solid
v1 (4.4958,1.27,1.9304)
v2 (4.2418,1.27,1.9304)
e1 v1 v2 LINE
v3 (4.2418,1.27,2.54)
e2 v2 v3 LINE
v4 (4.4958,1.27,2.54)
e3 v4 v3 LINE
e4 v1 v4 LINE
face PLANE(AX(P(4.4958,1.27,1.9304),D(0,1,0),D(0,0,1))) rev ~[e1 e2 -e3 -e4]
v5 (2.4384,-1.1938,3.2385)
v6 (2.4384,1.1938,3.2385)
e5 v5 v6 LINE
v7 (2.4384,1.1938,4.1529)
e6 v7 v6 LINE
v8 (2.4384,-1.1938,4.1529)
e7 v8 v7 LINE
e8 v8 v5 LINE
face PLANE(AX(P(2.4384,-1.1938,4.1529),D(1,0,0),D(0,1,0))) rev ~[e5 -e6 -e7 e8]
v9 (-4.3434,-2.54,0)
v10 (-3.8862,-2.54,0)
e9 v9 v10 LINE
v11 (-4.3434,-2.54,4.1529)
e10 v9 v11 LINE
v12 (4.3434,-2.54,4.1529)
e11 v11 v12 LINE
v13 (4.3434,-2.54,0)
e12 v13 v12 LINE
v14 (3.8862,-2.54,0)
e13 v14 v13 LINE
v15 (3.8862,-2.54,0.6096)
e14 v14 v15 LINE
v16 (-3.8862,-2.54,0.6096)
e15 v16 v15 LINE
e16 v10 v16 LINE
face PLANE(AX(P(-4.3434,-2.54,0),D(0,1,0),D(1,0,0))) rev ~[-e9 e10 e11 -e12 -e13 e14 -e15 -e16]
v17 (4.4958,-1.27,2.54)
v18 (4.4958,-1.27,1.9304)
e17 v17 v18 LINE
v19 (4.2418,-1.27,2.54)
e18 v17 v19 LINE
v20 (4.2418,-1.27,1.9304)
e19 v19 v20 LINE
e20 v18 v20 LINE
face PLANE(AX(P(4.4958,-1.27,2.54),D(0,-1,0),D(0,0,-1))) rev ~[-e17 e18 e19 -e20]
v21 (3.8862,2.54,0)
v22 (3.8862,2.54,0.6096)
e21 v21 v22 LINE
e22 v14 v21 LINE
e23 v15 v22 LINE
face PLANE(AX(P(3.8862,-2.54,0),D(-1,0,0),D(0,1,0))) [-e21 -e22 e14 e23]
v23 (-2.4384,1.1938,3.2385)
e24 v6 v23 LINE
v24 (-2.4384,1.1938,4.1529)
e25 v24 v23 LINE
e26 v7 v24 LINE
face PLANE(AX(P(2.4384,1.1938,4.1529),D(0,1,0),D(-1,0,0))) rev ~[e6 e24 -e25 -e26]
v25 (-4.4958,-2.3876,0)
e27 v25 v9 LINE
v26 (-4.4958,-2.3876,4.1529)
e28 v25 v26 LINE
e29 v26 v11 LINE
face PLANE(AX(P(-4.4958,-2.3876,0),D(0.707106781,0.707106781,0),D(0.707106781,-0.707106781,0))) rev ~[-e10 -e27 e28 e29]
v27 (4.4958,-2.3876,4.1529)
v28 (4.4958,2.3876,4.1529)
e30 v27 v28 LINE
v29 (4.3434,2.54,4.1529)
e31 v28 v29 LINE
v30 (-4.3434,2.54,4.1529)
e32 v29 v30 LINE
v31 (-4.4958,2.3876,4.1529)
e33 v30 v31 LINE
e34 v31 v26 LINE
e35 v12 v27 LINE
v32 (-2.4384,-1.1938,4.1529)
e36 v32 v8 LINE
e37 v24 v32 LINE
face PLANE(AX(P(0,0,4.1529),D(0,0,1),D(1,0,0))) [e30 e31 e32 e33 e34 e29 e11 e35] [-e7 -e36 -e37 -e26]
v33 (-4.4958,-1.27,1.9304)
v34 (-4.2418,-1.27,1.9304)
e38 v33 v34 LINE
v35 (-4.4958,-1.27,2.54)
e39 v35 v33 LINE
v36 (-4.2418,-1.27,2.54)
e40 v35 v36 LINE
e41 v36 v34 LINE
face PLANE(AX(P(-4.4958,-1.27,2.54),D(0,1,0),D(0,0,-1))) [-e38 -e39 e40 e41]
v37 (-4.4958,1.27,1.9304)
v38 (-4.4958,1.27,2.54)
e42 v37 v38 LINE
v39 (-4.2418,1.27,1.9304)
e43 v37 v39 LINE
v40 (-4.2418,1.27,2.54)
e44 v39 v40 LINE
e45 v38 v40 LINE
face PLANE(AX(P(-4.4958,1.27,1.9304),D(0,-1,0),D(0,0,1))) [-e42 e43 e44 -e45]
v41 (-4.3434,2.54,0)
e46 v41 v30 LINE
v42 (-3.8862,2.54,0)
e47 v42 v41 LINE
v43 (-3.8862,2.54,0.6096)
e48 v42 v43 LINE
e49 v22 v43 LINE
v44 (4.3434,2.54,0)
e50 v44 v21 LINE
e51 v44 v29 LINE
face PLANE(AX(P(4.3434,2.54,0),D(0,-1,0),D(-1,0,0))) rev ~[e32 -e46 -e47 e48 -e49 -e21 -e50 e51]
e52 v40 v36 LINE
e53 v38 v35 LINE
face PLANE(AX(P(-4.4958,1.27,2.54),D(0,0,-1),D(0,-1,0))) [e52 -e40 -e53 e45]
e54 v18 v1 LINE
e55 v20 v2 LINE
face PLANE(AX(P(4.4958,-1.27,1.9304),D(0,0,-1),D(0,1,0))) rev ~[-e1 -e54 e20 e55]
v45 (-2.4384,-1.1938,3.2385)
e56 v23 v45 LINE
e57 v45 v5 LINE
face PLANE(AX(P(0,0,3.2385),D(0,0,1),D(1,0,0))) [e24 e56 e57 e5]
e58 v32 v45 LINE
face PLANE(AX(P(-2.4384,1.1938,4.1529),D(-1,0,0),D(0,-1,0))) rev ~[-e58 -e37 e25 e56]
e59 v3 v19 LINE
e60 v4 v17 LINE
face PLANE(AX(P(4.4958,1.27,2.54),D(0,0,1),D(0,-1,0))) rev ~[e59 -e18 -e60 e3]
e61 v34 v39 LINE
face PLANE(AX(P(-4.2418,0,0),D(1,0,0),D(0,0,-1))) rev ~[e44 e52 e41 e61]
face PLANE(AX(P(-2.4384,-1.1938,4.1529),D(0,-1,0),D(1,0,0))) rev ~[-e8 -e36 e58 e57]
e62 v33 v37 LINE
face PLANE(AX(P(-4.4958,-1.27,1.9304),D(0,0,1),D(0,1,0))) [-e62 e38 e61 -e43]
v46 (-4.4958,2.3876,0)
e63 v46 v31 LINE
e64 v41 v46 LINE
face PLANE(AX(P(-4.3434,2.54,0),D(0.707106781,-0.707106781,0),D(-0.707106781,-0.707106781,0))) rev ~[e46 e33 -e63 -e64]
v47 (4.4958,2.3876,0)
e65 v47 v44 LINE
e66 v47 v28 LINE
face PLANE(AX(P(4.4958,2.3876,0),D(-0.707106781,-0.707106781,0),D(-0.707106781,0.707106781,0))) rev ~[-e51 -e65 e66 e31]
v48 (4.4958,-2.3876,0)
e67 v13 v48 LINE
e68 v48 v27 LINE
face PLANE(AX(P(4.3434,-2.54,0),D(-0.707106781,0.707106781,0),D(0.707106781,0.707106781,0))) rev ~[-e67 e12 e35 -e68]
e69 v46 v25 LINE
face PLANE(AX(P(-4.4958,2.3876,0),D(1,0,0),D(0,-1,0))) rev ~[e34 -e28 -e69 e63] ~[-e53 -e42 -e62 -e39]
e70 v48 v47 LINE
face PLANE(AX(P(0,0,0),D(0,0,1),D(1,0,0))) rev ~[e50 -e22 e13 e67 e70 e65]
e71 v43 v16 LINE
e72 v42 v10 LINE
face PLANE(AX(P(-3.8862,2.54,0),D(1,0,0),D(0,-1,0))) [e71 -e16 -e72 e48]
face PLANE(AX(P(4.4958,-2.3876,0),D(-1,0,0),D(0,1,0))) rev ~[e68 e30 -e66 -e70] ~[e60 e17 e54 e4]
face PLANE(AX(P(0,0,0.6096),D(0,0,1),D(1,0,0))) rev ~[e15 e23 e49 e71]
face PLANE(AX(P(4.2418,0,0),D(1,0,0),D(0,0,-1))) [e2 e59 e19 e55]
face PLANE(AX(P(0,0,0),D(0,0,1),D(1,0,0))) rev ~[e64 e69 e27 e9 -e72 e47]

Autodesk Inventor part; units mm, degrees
sketch "Sketch_1" plane through (0, 0, 0) normal (0, 0, 1) x (1, 0, 0)
  line L0 (-4.4958, -2.3876) -> (-4.3434, -2.54)
  line L1 (-4.3434, -2.54) -> (4.3434, -2.54)
  line L2 (4.3434, -2.54) -> (4.4958, -2.3876)
  line L3 (4.4958, -2.3876) -> (4.4958, 2.3876)
  line L4 (4.4958, 2.3876) -> (4.3434, 2.54)
  line L5 (4.3434, 2.54) -> (-4.3434, 2.54)
  line L6 (-4.3434, 2.54) -> (-4.4958, 2.3876)
  line L7 (-4.4958, 2.3876) -> (-4.4958, -2.3876)
extrude "Extrusion1" add sketch "Sketch_1" along normal blind 4.1529
sketch "Sketch_5" plane through (0, 0, 4.1529) normal (0, 0, 1) x (1, 0, 0)
  line L0 (-2.4384, 1.1938) -> (-2.4384, -1.1938)
  line L1 (-2.4384, -1.1938) -> (2.4384, -1.1938)
  line L2 (2.4384, -1.1938) -> (2.4384, 1.1938)
  line L3 (2.4384, 1.1938) -> (-2.4384, 1.1938)
extrude "Extrusion2" cut sketch "Sketch_5" against normal blind 0.9144
sketch "Sketch_4" plane through (4.4958, 0, 0) normal (1, 0, 0) x (0, 0, -1)
  line L0 (-2.54, 1.27) -> (-2.54, -1.27)
  line L1 (-2.54, -1.27) -> (-1.9304, -1.27)
  line L2 (-1.9304, -1.27) -> (-1.9304, 1.27)
  line L3 (-1.9304, 1.27) -> (-2.54, 1.27)
extrude "Extrusion3" cut sketch "Sketch_4" against normal blind 0.254
sketch "Sketch_6" plane through (-4.4958, 0, 0) normal (1, 0, 0) x (0, 0, -1)
  line L0 (-2.54, 1.27) -> (-2.54, -1.27)
  line L1 (-2.54, -1.27) -> (-1.9304, -1.27)
  line L2 (-1.9304, -1.27) -> (-1.9304, 1.27)
  line L3 (-1.9304, 1.27) -> (-2.54, 1.27)
extrude "Extrusion4" cut sketch "Sketch_6" along normal blind 0.254
sketch "Sketch_2" plane through (0, 0, 0) normal (0, 0, 1) x (1, 0, 0)
  line L0 (-3.8862, 2.54) -> (-3.8862, -2.54)
  line L1 (-3.8862, -2.54) -> (3.8862, -2.54)
  line L2 (3.8862, -2.54) -> (3.8862, 2.54)
  line L3 (3.8862, 2.54) -> (-3.8862, 2.54)
extrude "Extrusion5" cut sketch "Sketch_2" along normal blind 0.6096
ref_plane "actu_a_right_XY" through (-0.0508, 0, 3.2385) normal (0, 0, -1) x (1, 0, 0)
ref_plane "actu_a_right_YZ" through (-0.0508, 0, 3.2385) normal (1, 0, 0) x (0, -1, 0)
ref_plane "actu_a_right_ZX" through (-0.0508, 0, 3.2385) normal (0, -1, 0) x (0, 0, -1)
ref_plane "body12_right_XY" through (0, 0, 0.6096) normal (0, 0, 1) x (1, 0, 0)
ref_plane "body12_right_YZ" through (0, 0, 0.6096) normal (1, 0, 0) x (0, 1, 0)
ref_plane "body12_right_ZX" through (0, 0, 0.6096) normal (0, 1, 0) x (0, 0, 1)
properties part number "AS11CHright1"
